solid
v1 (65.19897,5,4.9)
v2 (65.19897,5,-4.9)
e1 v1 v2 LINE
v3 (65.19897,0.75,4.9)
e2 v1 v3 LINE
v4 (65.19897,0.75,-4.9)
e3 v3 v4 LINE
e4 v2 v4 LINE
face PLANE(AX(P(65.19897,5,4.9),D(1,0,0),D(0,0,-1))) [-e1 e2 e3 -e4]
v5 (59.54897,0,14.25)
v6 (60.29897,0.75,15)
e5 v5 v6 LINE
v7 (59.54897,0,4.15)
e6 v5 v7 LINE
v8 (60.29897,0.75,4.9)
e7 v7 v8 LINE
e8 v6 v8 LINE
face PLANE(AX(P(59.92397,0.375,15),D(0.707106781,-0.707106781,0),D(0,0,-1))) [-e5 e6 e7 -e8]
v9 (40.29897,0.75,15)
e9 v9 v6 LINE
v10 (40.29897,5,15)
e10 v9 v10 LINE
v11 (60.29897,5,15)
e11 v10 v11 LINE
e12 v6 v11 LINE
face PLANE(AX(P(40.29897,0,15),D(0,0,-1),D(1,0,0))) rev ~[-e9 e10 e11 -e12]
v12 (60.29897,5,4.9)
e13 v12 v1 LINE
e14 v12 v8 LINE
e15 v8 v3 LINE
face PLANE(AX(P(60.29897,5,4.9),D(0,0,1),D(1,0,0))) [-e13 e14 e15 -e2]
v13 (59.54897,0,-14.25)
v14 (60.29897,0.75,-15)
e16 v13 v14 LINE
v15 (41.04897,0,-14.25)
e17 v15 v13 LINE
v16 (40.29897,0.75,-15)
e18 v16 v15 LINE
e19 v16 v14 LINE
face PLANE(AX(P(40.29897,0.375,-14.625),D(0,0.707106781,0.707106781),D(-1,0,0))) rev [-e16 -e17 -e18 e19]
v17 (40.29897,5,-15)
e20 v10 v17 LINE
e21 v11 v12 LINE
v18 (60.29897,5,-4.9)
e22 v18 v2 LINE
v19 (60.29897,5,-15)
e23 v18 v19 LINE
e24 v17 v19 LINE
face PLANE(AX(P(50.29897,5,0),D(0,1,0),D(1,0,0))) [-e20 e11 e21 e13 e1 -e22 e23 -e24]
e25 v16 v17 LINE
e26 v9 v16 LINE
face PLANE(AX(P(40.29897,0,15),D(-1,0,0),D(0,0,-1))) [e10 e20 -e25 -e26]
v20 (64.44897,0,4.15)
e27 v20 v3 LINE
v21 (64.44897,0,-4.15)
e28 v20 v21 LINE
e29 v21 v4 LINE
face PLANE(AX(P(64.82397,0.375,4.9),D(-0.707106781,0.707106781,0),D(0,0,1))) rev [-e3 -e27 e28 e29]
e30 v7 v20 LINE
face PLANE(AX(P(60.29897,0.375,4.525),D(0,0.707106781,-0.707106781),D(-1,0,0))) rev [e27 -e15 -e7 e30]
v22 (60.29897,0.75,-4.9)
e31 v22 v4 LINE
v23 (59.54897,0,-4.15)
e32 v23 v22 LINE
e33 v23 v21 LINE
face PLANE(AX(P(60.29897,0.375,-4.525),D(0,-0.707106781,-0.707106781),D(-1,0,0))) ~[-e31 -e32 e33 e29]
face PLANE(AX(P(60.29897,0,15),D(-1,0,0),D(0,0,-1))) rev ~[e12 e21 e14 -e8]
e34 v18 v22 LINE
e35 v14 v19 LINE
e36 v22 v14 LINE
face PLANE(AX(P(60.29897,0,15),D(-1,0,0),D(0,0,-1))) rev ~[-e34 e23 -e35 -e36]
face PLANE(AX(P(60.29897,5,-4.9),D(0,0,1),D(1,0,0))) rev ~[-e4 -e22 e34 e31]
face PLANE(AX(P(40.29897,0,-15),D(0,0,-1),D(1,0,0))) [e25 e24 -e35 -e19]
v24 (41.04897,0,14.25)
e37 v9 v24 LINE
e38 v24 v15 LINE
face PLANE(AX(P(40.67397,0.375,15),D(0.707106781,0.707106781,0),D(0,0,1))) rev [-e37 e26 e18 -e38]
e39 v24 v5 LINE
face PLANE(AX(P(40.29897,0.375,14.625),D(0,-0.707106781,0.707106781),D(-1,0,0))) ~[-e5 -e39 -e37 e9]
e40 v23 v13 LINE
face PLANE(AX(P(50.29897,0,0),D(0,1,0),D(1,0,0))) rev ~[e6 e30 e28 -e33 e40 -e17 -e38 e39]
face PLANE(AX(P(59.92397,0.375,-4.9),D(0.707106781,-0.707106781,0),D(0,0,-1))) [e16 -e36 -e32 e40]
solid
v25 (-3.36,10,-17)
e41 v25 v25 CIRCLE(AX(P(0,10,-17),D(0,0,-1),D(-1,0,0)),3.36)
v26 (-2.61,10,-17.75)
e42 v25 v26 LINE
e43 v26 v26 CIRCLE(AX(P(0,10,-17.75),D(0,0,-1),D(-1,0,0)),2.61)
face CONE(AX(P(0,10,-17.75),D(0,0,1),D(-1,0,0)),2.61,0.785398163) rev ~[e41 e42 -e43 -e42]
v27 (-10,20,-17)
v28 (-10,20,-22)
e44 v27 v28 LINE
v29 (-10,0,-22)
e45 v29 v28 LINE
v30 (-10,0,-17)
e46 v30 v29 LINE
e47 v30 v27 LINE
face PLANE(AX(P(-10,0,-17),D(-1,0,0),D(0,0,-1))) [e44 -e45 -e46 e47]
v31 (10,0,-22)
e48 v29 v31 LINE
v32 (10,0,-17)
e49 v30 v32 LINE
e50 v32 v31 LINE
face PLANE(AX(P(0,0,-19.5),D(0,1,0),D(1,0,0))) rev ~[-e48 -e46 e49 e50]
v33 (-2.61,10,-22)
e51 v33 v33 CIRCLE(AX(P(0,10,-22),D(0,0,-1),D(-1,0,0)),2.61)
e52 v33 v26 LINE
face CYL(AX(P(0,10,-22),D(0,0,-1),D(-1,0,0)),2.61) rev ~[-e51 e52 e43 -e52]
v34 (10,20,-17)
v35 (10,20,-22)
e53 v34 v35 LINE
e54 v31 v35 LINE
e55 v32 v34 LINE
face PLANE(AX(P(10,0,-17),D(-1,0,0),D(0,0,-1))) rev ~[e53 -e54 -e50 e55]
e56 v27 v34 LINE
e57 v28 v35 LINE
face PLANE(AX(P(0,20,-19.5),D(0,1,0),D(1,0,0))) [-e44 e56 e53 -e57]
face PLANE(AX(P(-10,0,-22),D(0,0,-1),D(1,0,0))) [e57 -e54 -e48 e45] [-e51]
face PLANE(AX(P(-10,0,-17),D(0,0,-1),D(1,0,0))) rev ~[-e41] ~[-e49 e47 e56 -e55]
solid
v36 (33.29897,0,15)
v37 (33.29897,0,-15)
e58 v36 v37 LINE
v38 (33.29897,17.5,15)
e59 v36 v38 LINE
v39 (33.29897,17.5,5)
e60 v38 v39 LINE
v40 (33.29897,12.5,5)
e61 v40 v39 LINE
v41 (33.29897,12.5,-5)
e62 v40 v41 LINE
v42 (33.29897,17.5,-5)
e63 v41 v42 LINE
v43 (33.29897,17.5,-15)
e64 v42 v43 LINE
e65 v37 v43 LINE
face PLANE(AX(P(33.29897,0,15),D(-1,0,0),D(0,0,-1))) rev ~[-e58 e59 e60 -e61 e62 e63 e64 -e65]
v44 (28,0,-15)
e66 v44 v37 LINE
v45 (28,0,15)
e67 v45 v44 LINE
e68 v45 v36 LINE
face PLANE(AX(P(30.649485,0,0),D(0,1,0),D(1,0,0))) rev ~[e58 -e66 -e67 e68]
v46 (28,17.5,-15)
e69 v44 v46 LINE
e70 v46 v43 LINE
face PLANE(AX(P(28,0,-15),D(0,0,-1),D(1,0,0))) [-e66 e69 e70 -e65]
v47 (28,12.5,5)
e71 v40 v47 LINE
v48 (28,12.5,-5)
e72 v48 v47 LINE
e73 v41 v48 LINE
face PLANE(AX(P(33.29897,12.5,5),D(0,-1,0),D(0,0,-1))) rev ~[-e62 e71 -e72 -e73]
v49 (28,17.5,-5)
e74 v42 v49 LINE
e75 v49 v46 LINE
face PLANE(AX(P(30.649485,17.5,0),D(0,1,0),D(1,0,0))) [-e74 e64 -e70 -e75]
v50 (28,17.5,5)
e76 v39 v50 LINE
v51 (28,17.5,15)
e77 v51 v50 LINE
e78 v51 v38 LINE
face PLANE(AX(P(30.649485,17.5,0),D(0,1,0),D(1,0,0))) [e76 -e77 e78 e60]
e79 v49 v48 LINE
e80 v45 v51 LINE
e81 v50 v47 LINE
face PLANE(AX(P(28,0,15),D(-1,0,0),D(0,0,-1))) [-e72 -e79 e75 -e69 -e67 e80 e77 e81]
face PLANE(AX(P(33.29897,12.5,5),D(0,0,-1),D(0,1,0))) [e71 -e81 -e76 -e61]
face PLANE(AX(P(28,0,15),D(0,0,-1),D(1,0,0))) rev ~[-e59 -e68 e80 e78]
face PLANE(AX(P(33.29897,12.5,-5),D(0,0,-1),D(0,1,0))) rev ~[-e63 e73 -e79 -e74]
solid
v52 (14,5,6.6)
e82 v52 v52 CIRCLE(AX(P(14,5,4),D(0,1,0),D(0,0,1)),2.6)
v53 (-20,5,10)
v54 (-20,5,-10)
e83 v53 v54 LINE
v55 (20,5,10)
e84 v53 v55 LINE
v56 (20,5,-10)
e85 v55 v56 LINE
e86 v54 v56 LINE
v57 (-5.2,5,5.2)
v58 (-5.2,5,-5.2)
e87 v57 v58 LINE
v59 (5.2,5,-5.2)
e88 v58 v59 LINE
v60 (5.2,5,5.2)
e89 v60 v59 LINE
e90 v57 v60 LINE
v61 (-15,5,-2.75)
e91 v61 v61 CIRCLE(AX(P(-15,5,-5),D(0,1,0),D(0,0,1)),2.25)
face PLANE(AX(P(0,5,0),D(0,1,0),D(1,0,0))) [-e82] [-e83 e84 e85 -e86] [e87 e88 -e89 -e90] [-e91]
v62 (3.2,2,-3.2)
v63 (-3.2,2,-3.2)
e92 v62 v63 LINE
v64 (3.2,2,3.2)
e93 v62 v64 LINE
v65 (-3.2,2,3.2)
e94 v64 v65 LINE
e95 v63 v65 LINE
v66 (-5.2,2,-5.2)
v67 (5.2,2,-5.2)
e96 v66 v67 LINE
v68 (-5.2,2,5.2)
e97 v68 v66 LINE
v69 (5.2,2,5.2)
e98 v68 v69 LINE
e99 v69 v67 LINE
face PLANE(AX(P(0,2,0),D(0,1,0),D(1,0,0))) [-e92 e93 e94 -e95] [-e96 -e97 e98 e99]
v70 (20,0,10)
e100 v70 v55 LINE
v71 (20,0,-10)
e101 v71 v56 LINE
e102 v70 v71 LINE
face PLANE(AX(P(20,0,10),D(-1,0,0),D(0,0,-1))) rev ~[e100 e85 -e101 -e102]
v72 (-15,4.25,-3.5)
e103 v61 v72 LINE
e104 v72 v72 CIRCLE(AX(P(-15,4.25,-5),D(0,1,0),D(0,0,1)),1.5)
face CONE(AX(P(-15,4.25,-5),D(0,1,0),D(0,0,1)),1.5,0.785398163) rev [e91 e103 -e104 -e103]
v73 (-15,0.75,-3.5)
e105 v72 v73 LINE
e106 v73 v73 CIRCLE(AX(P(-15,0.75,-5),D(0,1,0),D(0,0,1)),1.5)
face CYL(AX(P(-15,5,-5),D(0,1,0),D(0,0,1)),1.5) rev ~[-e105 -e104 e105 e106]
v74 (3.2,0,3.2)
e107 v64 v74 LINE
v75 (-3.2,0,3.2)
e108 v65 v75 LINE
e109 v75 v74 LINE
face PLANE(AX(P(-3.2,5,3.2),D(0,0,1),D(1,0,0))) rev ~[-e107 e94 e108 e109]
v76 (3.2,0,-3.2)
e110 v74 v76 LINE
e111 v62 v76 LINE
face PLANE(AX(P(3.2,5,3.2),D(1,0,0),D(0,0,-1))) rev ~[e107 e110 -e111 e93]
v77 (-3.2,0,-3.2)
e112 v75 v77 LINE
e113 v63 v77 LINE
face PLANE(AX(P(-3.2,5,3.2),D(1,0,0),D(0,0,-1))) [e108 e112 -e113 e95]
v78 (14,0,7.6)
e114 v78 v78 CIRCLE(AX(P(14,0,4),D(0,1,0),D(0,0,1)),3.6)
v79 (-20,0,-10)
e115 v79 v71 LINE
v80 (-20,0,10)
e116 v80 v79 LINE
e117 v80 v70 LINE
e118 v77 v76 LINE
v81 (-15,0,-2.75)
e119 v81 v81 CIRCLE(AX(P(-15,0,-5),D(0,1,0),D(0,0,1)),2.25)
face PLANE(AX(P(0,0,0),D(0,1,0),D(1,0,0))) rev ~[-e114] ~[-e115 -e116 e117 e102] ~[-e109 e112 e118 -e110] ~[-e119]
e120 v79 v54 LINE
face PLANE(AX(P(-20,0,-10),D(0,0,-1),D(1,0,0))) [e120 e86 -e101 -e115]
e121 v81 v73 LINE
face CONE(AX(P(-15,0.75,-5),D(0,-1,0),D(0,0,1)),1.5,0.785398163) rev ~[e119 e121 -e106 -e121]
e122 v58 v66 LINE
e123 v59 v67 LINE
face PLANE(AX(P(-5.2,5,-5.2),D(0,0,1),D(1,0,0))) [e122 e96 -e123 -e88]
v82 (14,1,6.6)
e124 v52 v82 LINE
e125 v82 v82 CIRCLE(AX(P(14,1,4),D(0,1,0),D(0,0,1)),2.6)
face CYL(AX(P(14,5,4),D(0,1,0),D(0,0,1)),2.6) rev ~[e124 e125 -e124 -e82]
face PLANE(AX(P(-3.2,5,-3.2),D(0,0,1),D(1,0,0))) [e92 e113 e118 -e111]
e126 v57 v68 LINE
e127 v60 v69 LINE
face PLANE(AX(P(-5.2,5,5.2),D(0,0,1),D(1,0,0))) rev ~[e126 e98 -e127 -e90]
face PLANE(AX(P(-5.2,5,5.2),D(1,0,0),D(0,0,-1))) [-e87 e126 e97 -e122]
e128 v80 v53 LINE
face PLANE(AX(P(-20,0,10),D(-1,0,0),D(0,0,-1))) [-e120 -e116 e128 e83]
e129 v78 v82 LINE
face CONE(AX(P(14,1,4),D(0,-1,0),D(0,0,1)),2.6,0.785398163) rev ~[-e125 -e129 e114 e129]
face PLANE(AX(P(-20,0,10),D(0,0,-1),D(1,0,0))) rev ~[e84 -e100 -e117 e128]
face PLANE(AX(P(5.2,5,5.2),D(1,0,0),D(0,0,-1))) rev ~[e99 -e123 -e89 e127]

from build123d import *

# Parameters (mm, degrees)
SKETCH1_W           = 40
SKETCH1_H           = 20
BOSS_EXTRUDE1_DEPTH = 5
SKETCH2_R           = 1.5
SKETCH2_R_2         = 2.6
CUT_EXTRUDE1_DEPTH  = 5
CHAMFER1_SIZE       = 0.75
CHAMFER2_SIZE       = 1
SKETCH3_W           = 6.4
SKETCH3_H           = 6.4
CUT_EXTRUDE2_DEPTH  = 5
SKETCH4_W           = 5.298970187
SKETCH4_H           = 30
BOSS_EXTRUDE2_DEPTH = 17.5
SKETCH5_W           = 10
SKETCH5_H           = 10
CUT_EXTRUDE3_DEPTH  = 17.5
SKETCH6_W           = 20
SKETCH6_H           = 30
BOSS_EXTRUDE3_DEPTH = 5
SKETCH7_W           = 4.9
SKETCH7_H           = 9.8
BOSS_EXTRUDE4_DEPTH = 5
SKETCH8_W           = 20
SKETCH8_H           = 5
BOSS_EXTRUDE5_DEPTH = 20
SKETCH9_R           = 2.61
CUT_EXTRUDE4_DEPTH  = 20
CHAMFER4_SIZE       = 0.75
CHAMFER5_SIZE       = 0.75
SKETCH11_W          = 10.4
SKETCH11_H          = 10.4
CUT_EXTRUDE5_DEPTH  = 3


with BuildPart() as part:
    # Sketch1 → Boss-Extrude1 (new body)
    with BuildSketch(Plane(origin=(0, 0, 0), x_dir=(1, 0, 0), z_dir=(0, 1, 0))):
        Rectangle(SKETCH1_W, SKETCH1_H)
    extrude(amount=BOSS_EXTRUDE1_DEPTH)

    # Sketch2 → Cut-Extrude1 (cut)
    with BuildSketch(Plane(origin=(0, 5, 0), x_dir=(1, 0, 0), z_dir=(0, 1, 0))):
        with Locations(Location((-15, 5, 0), (0, 0, 270))):
            Circle(SKETCH2_R)
        with Locations(Location((14, -4, 0), (0, 0, 270))):
            Circle(SKETCH2_R_2)
    extrude(amount=-CUT_EXTRUDE1_DEPTH, mode=Mode.SUBTRACT)

    # Chamfer1
    chamfer1_edges = [part.edges().sort_by_distance(p)[0] for p in [
        (-15, 0, -6.5),
        (-15, 5, -6.5),
    ]]
    chamfer(chamfer1_edges, length=CHAMFER1_SIZE)

    # Chamfer2
    chamfer2_edges = [part.edges().sort_by_distance(p)[0] for p in [
        (14, 0, 1.4),
    ]]
    chamfer(chamfer2_edges, length=CHAMFER2_SIZE)

    # Sketch3 → Cut-Extrude2 (cut)
    with BuildSketch(Plane(origin=(0, 5, 0), x_dir=(1, 0, 0), z_dir=(0, 1, 0))):
        Rectangle(SKETCH3_W, SKETCH3_H)
    extrude(amount=-CUT_EXTRUDE2_DEPTH, mode=Mode.SUBTRACT)

    # Sketch11 → Cut-Extrude5 (cut)
    with BuildSketch(Plane(origin=(0, 5, 0), x_dir=(1, 0, 0), z_dir=(0, 1, 0))):
        Rectangle(SKETCH11_W, SKETCH11_H)
    extrude(amount=-CUT_EXTRUDE5_DEPTH, mode=Mode.SUBTRACT)


with BuildPart() as body_2:
    # Sketch4 → Boss-Extrude2 (new body)
    with BuildSketch(Plane(origin=(0, 0, 0), x_dir=(1, 0, 0), z_dir=(0, 1, 0))):
        with Locations((30.649485094, 0)):
            Rectangle(SKETCH4_W, SKETCH4_H)
    extrude(amount=BOSS_EXTRUDE2_DEPTH)

    # Sketch5 → Cut-Extrude3 (cut)
    with BuildSketch(Plane(origin=(33.298970187, 0, 0), x_dir=(0, 0, -1), z_dir=(1, 0, 0))):
        with Locations((0, 17.5)):
            Rectangle(SKETCH5_W, SKETCH5_H)
    extrude(amount=-CUT_EXTRUDE3_DEPTH, mode=Mode.SUBTRACT)


with BuildPart() as body_3:
    # Sketch6 → Boss-Extrude3 (new body)
    with BuildSketch(Plane(origin=(0, 0, 0), x_dir=(1, 0, 0), z_dir=(0, 1, 0))):
        with Locations((50.298970187, 0)):
            Rectangle(SKETCH6_W, SKETCH6_H)
    extrude(amount=BOSS_EXTRUDE3_DEPTH)

    # Sketch7 → Boss-Extrude4 (add)
    with BuildSketch(Plane(origin=(0, 5, 0), x_dir=(1, 0, 0), z_dir=(0, 1, 0))):
        with Locations((62.748970187, 0)):
            Rectangle(SKETCH7_W, SKETCH7_H)
    extrude(amount=-BOSS_EXTRUDE4_DEPTH)

    # Chamfer4
    chamfer4_edges = [body_3.edges().sort_by_distance(p)[0] for p in [
        (60.298970187, 0, -9.95),
        (62.748970187, 0, -4.9),
        (65.198970187, 0, 0),
        (62.748970187, 0, 4.9),
        (50.298970187, 0, -15),
        (60.298970187, 0, 9.95),
        (50.298970187, 0, 15),
        (40.298970187, 0, 0),
    ]]
    chamfer(chamfer4_edges, length=CHAMFER4_SIZE)


with BuildPart() as body_4:
    # Sketch8 → Boss-Extrude5 (new body)
    with BuildSketch(Plane(origin=(0, 0, 0), x_dir=(1, 0, 0), z_dir=(0, 1, 0))):
        with Locations((0, 19.5)):
            Rectangle(SKETCH8_W, SKETCH8_H)
    extrude(amount=BOSS_EXTRUDE5_DEPTH)

    # Sketch9 → Cut-Extrude4 (cut)
    with BuildSketch(Plane(origin=(0, 0, -22), x_dir=(-1, 0, 0), z_dir=(0, 0, -1))):
        with Locations((0, 10)):
            Circle(SKETCH9_R)
    extrude(amount=-CUT_EXTRUDE4_DEPTH, mode=Mode.SUBTRACT)

    # Chamfer5
    chamfer5_edges = [body_4.edges().sort_by_distance(p)[0] for p in [
        (2.61, 10, -17),
    ]]
    chamfer(chamfer5_edges, length=CHAMFER5_SIZE)


solid = Compound([part.part, body_2.part, body_3.part, body_4.part])
